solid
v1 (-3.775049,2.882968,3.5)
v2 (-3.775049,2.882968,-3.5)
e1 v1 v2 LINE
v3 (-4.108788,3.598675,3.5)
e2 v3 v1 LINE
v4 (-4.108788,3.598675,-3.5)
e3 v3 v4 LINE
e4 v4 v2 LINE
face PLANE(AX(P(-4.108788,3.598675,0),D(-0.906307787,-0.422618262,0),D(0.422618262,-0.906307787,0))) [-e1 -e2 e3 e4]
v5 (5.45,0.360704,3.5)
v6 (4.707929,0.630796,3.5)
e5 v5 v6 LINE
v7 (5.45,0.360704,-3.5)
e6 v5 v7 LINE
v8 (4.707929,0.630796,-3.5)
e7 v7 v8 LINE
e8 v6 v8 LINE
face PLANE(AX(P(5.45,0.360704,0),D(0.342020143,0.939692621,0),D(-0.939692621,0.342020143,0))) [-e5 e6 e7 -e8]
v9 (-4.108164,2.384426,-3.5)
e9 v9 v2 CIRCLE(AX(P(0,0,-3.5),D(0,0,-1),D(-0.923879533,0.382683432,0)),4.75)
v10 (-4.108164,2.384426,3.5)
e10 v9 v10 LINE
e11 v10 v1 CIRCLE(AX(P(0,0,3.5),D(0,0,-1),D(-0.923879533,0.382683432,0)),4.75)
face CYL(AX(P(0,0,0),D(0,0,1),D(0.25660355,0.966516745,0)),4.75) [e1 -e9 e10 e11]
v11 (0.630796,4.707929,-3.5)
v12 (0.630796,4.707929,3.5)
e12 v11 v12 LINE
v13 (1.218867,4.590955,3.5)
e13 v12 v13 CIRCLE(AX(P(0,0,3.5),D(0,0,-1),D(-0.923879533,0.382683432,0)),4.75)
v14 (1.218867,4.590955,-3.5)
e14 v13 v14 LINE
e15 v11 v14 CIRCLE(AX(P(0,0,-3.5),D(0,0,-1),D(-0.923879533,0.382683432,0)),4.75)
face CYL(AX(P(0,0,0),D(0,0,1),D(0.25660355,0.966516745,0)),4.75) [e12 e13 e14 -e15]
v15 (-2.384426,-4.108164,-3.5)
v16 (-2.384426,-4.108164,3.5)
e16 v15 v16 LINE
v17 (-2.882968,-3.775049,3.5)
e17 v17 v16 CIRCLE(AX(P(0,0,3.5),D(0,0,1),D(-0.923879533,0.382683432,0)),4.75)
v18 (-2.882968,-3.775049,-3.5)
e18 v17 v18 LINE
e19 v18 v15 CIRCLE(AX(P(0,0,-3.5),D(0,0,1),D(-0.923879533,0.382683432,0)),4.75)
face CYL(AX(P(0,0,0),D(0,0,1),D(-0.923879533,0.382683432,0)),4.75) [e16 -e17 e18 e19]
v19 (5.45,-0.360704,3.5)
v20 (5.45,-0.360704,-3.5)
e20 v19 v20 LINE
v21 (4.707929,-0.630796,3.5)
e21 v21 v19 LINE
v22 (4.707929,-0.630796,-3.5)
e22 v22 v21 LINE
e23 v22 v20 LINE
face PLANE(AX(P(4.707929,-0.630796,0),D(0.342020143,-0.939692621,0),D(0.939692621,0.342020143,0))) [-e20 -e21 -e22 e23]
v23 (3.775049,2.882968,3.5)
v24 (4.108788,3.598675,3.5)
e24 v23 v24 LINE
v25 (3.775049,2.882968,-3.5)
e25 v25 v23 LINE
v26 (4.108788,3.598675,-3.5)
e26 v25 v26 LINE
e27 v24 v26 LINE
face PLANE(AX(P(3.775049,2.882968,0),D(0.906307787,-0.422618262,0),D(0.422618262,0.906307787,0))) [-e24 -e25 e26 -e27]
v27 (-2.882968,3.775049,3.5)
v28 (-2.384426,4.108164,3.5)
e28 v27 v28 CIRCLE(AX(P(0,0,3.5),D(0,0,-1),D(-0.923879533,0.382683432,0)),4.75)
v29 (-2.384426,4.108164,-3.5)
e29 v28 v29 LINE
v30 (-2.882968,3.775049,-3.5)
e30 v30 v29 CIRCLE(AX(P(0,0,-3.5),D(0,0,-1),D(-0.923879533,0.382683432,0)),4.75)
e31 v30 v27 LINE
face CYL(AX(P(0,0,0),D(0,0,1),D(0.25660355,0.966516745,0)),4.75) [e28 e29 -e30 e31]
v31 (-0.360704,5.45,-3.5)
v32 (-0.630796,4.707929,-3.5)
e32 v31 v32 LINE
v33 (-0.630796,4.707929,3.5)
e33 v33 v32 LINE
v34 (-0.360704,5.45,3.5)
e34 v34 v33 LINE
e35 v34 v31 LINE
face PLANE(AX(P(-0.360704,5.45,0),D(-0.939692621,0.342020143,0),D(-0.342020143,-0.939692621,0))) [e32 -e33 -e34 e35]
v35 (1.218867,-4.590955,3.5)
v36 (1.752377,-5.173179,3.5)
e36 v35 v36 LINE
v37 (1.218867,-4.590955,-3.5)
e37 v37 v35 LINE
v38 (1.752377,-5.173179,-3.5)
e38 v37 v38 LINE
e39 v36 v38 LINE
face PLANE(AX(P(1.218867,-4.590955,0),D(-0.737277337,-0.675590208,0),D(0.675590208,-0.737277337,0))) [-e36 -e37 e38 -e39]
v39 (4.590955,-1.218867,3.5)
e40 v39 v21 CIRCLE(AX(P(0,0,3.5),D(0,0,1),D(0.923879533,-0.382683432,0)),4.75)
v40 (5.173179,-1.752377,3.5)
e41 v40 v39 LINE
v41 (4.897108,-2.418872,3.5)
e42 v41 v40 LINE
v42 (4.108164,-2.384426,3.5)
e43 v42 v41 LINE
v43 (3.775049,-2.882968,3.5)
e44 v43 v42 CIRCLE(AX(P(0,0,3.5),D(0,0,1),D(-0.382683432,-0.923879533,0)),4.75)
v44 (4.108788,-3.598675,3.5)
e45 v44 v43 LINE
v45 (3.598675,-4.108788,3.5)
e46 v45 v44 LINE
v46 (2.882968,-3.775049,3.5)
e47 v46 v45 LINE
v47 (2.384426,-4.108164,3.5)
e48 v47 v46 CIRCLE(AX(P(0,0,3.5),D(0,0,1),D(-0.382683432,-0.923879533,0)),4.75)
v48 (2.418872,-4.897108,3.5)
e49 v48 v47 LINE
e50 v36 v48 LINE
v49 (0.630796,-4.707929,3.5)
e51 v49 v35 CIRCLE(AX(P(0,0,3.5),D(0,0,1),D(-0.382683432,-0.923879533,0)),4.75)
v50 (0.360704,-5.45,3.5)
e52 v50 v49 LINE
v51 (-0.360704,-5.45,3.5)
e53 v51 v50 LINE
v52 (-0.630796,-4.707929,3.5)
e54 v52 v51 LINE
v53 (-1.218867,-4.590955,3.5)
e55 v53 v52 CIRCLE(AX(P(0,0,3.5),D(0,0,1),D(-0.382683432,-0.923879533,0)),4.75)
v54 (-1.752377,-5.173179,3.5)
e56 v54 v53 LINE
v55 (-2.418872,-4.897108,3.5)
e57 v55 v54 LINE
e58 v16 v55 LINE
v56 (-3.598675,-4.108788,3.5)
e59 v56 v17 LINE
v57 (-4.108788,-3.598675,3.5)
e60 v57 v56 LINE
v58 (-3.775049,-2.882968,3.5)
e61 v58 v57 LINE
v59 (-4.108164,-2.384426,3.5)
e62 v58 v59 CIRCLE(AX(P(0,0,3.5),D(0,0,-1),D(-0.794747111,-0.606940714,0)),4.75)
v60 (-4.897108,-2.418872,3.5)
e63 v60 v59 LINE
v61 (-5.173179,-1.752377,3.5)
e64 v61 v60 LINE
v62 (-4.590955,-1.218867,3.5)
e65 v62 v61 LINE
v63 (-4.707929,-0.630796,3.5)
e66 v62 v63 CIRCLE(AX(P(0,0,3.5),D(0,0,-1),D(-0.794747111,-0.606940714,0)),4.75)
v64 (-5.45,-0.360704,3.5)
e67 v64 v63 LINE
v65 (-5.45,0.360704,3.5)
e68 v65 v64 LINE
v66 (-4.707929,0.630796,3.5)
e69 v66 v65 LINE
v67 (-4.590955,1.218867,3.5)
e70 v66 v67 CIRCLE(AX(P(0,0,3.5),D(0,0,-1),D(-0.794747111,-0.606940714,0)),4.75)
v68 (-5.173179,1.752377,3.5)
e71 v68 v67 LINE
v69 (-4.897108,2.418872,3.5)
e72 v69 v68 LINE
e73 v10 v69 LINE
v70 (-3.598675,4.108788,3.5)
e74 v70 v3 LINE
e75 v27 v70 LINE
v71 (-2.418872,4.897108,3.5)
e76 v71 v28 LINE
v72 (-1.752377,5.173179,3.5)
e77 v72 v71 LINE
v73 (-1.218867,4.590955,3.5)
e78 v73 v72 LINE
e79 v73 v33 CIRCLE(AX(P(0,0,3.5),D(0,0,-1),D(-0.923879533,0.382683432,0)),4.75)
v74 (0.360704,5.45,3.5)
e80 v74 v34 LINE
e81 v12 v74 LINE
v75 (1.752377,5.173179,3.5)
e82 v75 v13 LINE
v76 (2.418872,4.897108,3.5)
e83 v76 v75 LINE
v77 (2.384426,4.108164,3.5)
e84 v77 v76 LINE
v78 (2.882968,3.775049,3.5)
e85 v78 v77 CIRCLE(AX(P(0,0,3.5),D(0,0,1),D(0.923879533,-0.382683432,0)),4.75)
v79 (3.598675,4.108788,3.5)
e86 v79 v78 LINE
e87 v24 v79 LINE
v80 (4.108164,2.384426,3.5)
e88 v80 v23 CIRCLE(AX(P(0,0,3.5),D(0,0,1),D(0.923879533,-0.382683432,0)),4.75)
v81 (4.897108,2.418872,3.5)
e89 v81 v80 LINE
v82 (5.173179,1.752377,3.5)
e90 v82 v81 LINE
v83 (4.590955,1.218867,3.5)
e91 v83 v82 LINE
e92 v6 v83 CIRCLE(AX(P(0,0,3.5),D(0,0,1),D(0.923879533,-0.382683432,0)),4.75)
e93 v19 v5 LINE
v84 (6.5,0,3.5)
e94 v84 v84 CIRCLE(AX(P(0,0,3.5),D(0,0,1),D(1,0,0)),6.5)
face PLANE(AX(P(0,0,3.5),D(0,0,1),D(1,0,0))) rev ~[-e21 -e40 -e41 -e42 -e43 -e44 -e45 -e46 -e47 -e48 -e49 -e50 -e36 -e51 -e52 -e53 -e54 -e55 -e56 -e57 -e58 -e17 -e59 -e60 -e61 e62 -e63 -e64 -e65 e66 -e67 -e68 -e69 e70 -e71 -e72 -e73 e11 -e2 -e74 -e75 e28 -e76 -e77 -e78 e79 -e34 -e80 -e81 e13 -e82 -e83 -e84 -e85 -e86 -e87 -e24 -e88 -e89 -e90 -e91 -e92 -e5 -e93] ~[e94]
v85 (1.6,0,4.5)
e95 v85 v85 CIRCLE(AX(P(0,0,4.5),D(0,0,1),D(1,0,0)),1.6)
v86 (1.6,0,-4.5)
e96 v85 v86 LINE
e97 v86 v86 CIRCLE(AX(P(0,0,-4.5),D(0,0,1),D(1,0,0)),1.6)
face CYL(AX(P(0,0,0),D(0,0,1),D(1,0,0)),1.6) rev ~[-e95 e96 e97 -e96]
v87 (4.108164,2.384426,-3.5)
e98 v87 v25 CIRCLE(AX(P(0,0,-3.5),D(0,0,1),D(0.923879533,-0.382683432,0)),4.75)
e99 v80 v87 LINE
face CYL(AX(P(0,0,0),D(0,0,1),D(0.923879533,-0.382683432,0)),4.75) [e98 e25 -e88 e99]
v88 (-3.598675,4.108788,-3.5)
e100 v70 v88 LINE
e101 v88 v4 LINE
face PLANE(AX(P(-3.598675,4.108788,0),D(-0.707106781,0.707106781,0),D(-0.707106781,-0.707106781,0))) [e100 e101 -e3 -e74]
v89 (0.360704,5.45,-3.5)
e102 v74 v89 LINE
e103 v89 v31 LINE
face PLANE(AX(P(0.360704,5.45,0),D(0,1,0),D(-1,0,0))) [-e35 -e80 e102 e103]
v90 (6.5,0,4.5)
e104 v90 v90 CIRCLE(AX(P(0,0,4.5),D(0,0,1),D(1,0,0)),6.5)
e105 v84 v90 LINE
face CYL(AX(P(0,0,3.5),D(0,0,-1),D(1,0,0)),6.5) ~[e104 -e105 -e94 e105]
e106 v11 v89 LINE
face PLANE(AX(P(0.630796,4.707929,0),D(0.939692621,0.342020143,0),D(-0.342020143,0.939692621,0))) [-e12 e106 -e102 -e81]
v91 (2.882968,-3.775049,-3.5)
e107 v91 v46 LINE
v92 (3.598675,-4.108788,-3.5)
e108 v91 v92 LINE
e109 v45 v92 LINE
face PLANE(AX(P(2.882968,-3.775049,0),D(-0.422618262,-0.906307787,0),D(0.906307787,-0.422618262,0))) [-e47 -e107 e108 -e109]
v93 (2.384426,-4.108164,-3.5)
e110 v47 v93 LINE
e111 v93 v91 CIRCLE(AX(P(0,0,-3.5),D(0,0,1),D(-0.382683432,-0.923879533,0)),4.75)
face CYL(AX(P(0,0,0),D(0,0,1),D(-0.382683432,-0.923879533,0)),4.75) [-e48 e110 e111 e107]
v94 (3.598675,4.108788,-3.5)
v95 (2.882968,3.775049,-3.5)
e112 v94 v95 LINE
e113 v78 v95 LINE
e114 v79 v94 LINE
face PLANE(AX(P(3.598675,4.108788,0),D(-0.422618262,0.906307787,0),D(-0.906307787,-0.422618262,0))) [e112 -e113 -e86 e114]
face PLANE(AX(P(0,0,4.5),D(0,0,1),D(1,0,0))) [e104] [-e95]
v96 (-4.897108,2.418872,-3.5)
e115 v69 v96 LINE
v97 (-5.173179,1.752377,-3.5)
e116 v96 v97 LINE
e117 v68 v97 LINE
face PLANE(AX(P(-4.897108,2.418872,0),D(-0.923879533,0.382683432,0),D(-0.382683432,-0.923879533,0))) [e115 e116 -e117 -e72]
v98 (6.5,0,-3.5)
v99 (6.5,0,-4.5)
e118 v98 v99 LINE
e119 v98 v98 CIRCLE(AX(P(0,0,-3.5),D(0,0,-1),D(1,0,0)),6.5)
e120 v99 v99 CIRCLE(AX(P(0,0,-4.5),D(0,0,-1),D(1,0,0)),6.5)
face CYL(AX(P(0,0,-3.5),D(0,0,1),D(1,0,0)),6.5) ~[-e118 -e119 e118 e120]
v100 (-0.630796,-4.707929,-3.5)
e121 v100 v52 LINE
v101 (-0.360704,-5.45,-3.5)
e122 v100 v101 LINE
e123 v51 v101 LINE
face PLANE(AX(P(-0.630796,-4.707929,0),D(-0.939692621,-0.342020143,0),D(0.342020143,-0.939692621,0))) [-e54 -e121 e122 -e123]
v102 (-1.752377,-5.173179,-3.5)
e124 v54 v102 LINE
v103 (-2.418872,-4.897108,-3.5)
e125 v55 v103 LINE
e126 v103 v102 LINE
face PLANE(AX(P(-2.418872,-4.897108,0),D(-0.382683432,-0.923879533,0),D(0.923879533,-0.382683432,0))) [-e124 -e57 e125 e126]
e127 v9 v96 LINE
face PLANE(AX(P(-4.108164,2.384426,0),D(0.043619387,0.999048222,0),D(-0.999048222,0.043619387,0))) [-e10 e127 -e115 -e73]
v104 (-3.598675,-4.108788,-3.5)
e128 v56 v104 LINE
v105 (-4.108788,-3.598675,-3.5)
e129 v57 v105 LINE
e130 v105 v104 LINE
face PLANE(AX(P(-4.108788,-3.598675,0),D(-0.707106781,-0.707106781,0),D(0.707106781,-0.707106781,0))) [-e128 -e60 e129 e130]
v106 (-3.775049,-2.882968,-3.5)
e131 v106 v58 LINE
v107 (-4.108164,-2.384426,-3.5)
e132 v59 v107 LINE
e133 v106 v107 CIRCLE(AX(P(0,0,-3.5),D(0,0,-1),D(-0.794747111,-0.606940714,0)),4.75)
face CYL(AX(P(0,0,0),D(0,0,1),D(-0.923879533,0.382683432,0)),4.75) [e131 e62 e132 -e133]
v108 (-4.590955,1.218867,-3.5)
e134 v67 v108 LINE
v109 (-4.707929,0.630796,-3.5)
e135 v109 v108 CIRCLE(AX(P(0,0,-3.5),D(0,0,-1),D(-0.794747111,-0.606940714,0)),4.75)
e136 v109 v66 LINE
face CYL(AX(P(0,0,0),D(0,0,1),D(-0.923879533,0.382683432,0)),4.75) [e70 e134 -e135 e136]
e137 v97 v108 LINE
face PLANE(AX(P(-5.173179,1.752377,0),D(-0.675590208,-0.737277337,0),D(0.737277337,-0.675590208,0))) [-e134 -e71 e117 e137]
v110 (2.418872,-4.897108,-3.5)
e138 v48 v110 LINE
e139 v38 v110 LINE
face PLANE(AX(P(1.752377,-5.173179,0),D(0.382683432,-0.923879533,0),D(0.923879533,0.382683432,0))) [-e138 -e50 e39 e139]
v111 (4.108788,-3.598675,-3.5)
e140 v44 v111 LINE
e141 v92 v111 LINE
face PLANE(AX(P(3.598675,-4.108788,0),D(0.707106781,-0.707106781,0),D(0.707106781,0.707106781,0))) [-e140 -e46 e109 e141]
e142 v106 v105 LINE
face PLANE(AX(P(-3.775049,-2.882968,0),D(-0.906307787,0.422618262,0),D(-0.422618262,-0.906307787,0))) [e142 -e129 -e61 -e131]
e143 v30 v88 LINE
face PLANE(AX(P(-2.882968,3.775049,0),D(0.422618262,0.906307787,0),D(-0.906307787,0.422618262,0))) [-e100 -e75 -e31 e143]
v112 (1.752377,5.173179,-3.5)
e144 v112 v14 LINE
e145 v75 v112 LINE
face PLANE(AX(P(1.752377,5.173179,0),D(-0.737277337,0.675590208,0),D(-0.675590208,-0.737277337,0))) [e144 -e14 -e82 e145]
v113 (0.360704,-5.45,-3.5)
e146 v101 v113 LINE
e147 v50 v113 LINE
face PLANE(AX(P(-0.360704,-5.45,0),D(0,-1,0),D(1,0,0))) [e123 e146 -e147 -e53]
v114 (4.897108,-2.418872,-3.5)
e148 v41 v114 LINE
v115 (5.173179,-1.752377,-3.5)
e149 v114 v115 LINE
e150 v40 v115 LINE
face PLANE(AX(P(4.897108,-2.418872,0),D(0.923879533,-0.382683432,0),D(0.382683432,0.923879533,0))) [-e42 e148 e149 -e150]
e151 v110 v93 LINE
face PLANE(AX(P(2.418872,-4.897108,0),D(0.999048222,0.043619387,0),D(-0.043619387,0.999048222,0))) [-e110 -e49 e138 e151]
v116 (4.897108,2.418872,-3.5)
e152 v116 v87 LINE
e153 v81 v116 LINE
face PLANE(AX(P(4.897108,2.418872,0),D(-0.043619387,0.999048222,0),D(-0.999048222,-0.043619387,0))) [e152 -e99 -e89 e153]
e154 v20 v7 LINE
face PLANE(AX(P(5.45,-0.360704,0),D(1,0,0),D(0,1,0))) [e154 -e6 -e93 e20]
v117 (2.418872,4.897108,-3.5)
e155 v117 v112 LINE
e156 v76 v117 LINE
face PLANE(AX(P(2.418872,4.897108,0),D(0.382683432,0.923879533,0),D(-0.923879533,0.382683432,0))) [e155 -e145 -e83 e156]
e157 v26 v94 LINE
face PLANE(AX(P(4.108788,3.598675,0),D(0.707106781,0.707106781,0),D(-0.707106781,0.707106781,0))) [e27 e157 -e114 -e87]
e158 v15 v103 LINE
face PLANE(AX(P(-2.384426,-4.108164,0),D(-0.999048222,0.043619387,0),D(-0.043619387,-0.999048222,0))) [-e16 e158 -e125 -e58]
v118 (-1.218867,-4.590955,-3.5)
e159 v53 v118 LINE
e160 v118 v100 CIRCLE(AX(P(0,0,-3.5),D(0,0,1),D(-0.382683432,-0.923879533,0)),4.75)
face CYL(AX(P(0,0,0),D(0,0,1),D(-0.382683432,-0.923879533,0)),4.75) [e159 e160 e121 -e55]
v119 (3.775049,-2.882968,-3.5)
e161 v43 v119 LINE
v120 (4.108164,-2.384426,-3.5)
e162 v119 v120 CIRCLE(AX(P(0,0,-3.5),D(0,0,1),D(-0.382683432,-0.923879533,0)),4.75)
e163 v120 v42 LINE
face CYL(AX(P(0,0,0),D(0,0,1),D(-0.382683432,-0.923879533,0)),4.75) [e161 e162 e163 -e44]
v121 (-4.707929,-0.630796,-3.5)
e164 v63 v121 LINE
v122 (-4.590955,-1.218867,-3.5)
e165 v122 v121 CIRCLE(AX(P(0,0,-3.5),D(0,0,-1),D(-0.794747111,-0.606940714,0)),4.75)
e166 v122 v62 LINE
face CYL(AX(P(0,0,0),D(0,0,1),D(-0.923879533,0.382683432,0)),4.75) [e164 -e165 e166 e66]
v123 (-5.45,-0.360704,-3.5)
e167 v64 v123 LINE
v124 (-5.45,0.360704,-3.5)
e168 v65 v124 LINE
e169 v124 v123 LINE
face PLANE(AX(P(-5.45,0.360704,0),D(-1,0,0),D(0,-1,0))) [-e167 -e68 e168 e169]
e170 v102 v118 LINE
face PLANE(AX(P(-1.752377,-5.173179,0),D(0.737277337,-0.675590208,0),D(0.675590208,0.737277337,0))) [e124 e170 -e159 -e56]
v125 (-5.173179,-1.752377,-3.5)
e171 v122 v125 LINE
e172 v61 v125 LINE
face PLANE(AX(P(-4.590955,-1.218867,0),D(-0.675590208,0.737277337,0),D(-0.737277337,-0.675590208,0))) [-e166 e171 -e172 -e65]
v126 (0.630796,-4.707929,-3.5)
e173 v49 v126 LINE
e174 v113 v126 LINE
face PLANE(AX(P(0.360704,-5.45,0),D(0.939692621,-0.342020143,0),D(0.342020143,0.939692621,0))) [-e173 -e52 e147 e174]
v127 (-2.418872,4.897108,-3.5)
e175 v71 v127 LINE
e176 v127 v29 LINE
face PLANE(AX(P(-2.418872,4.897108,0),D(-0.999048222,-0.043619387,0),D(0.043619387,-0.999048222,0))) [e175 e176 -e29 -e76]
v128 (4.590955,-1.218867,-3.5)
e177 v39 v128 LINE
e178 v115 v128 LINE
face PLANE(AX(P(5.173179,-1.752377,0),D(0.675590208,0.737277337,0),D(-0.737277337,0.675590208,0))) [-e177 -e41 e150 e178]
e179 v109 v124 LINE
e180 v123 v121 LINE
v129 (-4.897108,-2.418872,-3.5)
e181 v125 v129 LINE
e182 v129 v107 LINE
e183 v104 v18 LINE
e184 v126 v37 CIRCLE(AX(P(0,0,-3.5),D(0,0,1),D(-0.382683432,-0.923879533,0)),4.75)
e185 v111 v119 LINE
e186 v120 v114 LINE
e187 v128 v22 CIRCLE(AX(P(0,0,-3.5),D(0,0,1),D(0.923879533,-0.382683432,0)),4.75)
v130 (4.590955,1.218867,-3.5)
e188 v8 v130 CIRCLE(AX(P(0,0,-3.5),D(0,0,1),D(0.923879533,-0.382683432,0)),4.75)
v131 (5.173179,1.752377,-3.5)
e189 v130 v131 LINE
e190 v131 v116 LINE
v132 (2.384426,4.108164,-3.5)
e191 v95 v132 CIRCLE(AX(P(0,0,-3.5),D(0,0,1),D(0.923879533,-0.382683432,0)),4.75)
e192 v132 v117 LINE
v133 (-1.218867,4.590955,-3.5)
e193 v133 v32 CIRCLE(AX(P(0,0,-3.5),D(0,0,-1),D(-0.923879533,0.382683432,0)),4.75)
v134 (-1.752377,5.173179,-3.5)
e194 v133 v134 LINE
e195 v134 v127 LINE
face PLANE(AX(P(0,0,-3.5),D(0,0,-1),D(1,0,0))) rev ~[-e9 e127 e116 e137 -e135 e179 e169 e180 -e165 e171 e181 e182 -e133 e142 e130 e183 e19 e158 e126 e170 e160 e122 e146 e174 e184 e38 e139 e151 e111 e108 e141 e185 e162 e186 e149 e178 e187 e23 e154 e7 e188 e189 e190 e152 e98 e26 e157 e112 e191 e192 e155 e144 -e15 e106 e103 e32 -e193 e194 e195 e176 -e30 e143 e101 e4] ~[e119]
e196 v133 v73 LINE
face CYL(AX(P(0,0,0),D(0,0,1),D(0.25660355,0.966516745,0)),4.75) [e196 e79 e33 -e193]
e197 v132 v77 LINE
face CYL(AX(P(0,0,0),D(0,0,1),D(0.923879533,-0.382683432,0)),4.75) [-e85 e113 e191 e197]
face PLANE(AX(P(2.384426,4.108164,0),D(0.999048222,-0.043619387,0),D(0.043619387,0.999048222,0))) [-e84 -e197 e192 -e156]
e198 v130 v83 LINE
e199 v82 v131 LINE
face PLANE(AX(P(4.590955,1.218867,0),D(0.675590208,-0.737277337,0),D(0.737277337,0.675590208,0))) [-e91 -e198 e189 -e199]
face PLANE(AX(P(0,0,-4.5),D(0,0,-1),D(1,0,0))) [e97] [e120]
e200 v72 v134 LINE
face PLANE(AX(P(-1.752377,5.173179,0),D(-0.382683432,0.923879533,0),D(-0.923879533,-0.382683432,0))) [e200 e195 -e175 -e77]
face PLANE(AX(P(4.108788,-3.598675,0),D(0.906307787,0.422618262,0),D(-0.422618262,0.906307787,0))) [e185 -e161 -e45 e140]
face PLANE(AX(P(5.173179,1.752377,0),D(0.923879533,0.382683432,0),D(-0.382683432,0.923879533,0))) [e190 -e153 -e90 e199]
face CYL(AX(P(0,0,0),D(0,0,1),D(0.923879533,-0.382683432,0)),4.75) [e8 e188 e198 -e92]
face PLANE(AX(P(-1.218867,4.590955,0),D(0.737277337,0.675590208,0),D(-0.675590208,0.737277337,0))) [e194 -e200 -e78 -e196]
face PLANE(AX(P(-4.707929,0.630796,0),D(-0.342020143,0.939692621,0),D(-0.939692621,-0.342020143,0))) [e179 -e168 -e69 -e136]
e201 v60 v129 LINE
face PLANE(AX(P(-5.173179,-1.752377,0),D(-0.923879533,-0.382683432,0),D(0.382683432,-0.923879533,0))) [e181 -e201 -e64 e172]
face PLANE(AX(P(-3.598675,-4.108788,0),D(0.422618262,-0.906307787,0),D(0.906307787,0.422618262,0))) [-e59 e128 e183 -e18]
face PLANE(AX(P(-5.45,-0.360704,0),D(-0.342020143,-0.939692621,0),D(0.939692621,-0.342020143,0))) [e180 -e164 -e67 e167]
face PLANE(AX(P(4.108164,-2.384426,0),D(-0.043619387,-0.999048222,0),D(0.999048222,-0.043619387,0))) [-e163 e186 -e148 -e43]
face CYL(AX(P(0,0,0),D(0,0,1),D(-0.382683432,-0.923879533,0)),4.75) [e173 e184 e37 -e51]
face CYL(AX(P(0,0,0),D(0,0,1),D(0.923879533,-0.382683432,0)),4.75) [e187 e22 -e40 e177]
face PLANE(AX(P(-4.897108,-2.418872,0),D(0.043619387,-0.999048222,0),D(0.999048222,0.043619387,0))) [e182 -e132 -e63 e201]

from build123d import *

# Parameters (mm, degrees)
F0_R     = 1.6
F1_DEPTH = 3.5
F3_COUNT = 16
F5_R     = 6.5
F6_DEPTH = 1
F7_R     = 6.5
F8_DEPTH = 1
F9_DEPTH = 12.5


with BuildPart() as f1:
    # F0 (on Top) → F1 (new body, symmetric)
    with BuildSketch(Plane.XY):
        with BuildLine():
            ThreePointArc((-0.6307960914, 4.7079290873), (-3.1277962342, -3.5748273689), (4.75, 0))
            ThreePointArc((4.75, 0), (3.5748273689, 3.1277962342), (0.6307960914, 4.7079290873))
            Line((0.6307960914, 4.7079290873), (0.75, 4.3804190402))
            Line((0.75, 4.3804190402), (-0.75, 4.3804190402))
            Line((-0.75, 4.3804190402), (-0.6307960914, 4.7079290873))
        make_face()
        Circle(F0_R, mode=Mode.SUBTRACT)
        with BuildLine():
            ThreePointArc((-0.6307960914, 4.7079290873), (0, 4.75), (0.6307960914, 4.7079290873))
            Line((0.6307960914, 4.7079290873), (0.3607043675, 5.45))
            Line((0.3607043675, 5.45), (-0.3607043675, 5.45))
            Line((-0.3607043675, 5.45), (-0.6307960914, 4.7079290873))
        make_face()
        with BuildLine():
            Line((0.75, 4.3804190402), (0.6307960914, 4.7079290873))
            ThreePointArc((0.6307960914, 4.7079290873), (0, 4.75), (-0.6307960914, 4.7079290873))
            Line((-0.6307960914, 4.7079290873), (-0.75, 4.3804190402))
            Line((-0.75, 4.3804190402), (0.75, 4.3804190402))
        make_face()
    extrude(amount=F1_DEPTH, both=True)


with BuildPart() as f3_1:
    # F3: instance of F1
    add(f1.part.rotate(Axis((0, 0, 0.113066053), (0, 0, -1)), 1 * 360 / F3_COUNT))


with BuildPart() as f3_2:
    # F3: instance of F1
    add(f1.part.rotate(Axis((0, 0, 0.113066053), (0, 0, -1)), 2 * 360 / F3_COUNT))


with BuildPart() as f3_3:
    # F3: instance of F1
    add(f1.part.rotate(Axis((0, 0, 0.113066053), (0, 0, -1)), 3 * 360 / F3_COUNT))


with BuildPart() as f3_4:
    # F3: instance of F1
    add(f1.part.rotate(Axis((0, 0, 0.113066053), (0, 0, -1)), 4 * 360 / F3_COUNT))


with BuildPart() as f3_5:
    # F3: instance of F1
    add(f1.part.rotate(Axis((0, 0, 0.113066053), (0, 0, -1)), 5 * 360 / F3_COUNT))


with BuildPart() as f3_6:
    # F3: instance of F1
    add(f1.part.rotate(Axis((0, 0, 0.113066053), (0, 0, -1)), 6 * 360 / F3_COUNT))


with BuildPart() as f3_7:
    # F3: instance of F1
    add(f1.part.rotate(Axis((0, 0, 0.113066053), (0, 0, -1)), 7 * 360 / F3_COUNT))


with BuildPart() as f3_8:
    # F3: instance of F1
    add(f1.part.rotate(Axis((0, 0, 0.113066053), (0, 0, -1)), 8 * 360 / F3_COUNT))


with BuildPart() as f3_9:
    # F3: instance of F1
    add(f1.part.rotate(Axis((0, 0, 0.113066053), (0, 0, -1)), 9 * 360 / F3_COUNT))


with BuildPart() as f3_10:
    # F3: instance of F1
    add(f1.part.rotate(Axis((0, 0, 0.113066053), (0, 0, -1)), 10 * 360 / F3_COUNT))


with BuildPart() as f3_11:
    # F3: instance of F1
    add(f1.part.rotate(Axis((0, 0, 0.113066053), (0, 0, -1)), 11 * 360 / F3_COUNT))


with BuildPart() as f3_12:
    # F3: instance of F1
    add(f1.part.rotate(Axis((0, 0, 0.113066053), (0, 0, -1)), 12 * 360 / F3_COUNT))


with BuildPart() as f3_13:
    # F3: instance of F1
    add(f1.part.rotate(Axis((0, 0, 0.113066053), (0, 0, -1)), 13 * 360 / F3_COUNT))


with BuildPart() as f3_14:
    # F3: instance of F1
    add(f1.part.rotate(Axis((0, 0, 0.113066053), (0, 0, -1)), 14 * 360 / F3_COUNT))


with BuildPart() as f3_15:
    # F3: instance of F1
    add(f1.part.rotate(Axis((0, 0, 0.113066053), (0, 0, -1)), 15 * 360 / F3_COUNT))


with BuildPart() as f3_1_1:
    add(f3_1.part)

    # F4: union F3_2, F3_3, F3_4, F3_5, F3_7, F3_9, F3_10, F3_8, F3_6, F3_11, F3_12, F3_14, F1, F3_13, F3_15
    add(f3_2.part)
    add(f3_3.part)
    add(f3_4.part)
    add(f3_5.part)
    add(f3_7.part)
    add(f3_9.part)
    add(f3_10.part)
    add(f3_8.part)
    add(f3_6.part)
    add(f3_11.part)
    add(f3_12.part)
    add(f3_14.part)
    add(f1.part)
    add(f3_13.part)
    add(f3_15.part)

    # F5 (on face) → F6 (join)
    with BuildSketch(Plane.XY.offset(3.5)):
        Circle(F5_R)
    extrude(amount=F6_DEPTH)

    # F7 (on face) → F8 (join)
    with BuildSketch(Plane(origin=(0, 0, -3.5), x_dir=(1, 0, 0), z_dir=(0, 0, -1))):
        Circle(F7_R)
    extrude(amount=F8_DEPTH)

    # F0 (on Top) → F9 (cut, symmetric)
    with BuildSketch(Plane.XY):
        Circle(F0_R)
    extrude(amount=F9_DEPTH, both=True, mode=Mode.SUBTRACT)


solid = f3_1_1.part
